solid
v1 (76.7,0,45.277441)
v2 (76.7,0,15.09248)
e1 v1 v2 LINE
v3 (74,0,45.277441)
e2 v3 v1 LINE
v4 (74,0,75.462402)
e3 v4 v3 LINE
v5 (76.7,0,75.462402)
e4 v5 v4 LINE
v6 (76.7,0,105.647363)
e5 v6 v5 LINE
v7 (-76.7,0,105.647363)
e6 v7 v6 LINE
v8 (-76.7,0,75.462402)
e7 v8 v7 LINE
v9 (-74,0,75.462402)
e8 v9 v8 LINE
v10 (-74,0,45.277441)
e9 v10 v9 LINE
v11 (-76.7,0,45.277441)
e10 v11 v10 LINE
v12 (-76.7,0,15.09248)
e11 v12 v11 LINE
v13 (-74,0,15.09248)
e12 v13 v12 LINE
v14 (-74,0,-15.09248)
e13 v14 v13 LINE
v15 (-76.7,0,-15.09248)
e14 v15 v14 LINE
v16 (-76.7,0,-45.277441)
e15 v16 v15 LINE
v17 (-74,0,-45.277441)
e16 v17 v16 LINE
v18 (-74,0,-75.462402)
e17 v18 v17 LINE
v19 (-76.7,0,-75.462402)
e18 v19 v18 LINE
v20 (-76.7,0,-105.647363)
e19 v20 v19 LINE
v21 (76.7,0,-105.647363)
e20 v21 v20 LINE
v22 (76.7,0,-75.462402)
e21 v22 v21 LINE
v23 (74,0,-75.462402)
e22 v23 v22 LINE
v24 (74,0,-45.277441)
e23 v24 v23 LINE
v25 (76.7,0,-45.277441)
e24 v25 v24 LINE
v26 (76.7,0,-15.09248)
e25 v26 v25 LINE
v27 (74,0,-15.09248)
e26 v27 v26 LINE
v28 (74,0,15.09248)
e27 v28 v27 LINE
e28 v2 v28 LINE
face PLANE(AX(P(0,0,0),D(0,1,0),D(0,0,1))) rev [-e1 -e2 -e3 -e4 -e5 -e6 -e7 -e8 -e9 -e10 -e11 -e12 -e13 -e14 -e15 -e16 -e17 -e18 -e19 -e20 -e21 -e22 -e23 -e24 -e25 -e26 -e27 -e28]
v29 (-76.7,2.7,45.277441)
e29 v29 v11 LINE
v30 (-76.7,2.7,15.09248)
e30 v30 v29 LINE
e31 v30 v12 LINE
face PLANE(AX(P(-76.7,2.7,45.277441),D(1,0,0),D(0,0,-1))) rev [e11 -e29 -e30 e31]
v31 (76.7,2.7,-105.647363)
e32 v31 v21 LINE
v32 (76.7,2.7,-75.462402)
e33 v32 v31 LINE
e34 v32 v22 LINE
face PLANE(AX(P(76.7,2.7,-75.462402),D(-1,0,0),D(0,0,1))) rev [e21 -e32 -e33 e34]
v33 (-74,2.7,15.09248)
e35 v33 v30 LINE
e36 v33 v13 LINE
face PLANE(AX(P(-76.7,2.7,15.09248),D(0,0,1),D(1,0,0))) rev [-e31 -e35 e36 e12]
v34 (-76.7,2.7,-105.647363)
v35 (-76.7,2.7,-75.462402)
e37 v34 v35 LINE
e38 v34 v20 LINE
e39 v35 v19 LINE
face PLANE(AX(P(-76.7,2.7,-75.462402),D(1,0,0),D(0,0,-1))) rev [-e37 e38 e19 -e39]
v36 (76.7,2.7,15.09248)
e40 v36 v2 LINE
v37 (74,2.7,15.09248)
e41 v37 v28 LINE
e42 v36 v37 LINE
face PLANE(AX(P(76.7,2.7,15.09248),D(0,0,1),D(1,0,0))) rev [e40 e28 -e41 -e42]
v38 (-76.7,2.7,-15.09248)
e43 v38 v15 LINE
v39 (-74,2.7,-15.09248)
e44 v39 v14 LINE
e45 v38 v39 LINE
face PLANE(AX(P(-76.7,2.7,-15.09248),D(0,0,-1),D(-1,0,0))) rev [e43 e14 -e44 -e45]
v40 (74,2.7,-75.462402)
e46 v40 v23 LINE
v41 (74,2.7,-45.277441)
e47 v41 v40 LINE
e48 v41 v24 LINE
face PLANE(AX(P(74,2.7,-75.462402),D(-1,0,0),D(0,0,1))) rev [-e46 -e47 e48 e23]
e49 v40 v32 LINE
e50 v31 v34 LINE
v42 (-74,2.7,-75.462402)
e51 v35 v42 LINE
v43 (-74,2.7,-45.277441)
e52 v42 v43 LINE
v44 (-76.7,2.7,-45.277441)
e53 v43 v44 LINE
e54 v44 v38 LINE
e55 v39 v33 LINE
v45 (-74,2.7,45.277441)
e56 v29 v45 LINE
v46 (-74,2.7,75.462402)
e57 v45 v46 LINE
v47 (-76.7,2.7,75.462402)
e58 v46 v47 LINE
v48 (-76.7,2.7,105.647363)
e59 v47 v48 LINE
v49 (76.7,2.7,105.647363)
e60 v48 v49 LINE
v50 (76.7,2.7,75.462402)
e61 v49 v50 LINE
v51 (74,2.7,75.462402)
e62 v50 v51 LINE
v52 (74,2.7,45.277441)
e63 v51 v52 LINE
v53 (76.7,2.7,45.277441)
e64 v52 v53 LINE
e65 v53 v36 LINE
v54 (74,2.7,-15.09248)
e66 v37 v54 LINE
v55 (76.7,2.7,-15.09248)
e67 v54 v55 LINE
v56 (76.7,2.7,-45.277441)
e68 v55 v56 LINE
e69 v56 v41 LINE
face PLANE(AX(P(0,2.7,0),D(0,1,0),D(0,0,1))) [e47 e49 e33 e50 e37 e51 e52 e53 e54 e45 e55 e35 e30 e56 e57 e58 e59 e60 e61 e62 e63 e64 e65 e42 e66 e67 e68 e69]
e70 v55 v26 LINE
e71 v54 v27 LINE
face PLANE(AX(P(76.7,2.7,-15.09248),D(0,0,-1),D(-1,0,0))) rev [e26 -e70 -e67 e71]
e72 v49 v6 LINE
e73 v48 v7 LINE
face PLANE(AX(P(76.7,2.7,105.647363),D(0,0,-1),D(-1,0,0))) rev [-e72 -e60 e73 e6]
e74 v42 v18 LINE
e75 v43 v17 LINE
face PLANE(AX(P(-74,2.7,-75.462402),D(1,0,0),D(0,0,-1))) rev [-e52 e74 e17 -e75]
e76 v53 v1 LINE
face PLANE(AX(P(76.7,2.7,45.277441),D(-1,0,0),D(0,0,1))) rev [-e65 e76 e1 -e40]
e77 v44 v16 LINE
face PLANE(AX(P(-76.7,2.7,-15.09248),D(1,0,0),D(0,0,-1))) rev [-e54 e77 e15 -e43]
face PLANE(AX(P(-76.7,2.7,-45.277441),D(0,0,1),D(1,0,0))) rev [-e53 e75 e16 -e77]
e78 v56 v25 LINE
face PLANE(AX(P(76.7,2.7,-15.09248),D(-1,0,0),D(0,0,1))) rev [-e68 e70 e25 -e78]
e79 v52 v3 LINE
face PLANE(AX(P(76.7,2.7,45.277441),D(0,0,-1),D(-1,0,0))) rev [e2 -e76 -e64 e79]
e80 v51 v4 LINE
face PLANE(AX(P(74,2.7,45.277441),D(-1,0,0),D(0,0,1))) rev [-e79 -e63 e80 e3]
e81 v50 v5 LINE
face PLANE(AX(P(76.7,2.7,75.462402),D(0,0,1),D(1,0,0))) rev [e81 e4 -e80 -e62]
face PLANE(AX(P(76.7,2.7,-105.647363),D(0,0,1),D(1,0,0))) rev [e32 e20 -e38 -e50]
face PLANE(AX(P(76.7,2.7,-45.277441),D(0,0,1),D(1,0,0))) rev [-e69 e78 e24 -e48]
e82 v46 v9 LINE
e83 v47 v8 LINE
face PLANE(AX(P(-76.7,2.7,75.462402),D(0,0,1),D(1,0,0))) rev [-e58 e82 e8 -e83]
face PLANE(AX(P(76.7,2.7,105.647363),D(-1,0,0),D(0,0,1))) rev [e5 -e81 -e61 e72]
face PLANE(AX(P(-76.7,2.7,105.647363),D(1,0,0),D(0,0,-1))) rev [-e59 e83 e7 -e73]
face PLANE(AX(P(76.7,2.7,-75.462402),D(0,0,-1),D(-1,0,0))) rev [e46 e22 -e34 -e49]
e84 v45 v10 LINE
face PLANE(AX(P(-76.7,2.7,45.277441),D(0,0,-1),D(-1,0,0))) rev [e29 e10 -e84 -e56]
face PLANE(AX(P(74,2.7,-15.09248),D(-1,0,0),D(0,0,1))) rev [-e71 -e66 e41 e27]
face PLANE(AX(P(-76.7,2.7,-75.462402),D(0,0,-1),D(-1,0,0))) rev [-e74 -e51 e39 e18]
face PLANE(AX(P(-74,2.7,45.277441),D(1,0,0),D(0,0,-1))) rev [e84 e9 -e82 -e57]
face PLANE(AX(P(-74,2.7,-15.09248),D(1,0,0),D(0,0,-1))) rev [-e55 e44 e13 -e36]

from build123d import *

# Parameters (mm, degrees)
BOSS_EXTRUDE1_DEPTH = 2.7


with BuildPart() as part:
    # Sketch1 → Boss-Extrude1 (new body)
    with BuildSketch(Plane(origin=(0, 0, 0), x_dir=(1, 0, 0), z_dir=(0, 1, 0))):
        Polygon((76.7, -105.6473627), (-76.7, -105.6473627), (-76.7, -75.462401929), (-74, -75.462401929), (-74, -45.277441157), (-76.7, -45.277441157), (-76.7, -15.092480386), (-74, -15.092480386), (-74, 15.092480386), (-76.7, 15.092480386), (-76.7, 45.277441157), (-74, 45.277441157), (-74, 75.462401929), (-76.7, 75.462401929), (-76.7, 105.6473627), (76.7, 105.6473627), (76.7, 75.462401929), (74, 75.462401929), (74, 45.277441157), (76.7, 45.277441157), (76.7, 15.092480386), (74, 15.092480386), (74, -15.092480386), (76.7, -15.092480386), (76.7, -45.277441157), (74, -45.277441157), (74, -75.462401929), (76.7, -75.462401929), align=None)
    extrude(amount=BOSS_EXTRUDE1_DEPTH)


solid = part.part
